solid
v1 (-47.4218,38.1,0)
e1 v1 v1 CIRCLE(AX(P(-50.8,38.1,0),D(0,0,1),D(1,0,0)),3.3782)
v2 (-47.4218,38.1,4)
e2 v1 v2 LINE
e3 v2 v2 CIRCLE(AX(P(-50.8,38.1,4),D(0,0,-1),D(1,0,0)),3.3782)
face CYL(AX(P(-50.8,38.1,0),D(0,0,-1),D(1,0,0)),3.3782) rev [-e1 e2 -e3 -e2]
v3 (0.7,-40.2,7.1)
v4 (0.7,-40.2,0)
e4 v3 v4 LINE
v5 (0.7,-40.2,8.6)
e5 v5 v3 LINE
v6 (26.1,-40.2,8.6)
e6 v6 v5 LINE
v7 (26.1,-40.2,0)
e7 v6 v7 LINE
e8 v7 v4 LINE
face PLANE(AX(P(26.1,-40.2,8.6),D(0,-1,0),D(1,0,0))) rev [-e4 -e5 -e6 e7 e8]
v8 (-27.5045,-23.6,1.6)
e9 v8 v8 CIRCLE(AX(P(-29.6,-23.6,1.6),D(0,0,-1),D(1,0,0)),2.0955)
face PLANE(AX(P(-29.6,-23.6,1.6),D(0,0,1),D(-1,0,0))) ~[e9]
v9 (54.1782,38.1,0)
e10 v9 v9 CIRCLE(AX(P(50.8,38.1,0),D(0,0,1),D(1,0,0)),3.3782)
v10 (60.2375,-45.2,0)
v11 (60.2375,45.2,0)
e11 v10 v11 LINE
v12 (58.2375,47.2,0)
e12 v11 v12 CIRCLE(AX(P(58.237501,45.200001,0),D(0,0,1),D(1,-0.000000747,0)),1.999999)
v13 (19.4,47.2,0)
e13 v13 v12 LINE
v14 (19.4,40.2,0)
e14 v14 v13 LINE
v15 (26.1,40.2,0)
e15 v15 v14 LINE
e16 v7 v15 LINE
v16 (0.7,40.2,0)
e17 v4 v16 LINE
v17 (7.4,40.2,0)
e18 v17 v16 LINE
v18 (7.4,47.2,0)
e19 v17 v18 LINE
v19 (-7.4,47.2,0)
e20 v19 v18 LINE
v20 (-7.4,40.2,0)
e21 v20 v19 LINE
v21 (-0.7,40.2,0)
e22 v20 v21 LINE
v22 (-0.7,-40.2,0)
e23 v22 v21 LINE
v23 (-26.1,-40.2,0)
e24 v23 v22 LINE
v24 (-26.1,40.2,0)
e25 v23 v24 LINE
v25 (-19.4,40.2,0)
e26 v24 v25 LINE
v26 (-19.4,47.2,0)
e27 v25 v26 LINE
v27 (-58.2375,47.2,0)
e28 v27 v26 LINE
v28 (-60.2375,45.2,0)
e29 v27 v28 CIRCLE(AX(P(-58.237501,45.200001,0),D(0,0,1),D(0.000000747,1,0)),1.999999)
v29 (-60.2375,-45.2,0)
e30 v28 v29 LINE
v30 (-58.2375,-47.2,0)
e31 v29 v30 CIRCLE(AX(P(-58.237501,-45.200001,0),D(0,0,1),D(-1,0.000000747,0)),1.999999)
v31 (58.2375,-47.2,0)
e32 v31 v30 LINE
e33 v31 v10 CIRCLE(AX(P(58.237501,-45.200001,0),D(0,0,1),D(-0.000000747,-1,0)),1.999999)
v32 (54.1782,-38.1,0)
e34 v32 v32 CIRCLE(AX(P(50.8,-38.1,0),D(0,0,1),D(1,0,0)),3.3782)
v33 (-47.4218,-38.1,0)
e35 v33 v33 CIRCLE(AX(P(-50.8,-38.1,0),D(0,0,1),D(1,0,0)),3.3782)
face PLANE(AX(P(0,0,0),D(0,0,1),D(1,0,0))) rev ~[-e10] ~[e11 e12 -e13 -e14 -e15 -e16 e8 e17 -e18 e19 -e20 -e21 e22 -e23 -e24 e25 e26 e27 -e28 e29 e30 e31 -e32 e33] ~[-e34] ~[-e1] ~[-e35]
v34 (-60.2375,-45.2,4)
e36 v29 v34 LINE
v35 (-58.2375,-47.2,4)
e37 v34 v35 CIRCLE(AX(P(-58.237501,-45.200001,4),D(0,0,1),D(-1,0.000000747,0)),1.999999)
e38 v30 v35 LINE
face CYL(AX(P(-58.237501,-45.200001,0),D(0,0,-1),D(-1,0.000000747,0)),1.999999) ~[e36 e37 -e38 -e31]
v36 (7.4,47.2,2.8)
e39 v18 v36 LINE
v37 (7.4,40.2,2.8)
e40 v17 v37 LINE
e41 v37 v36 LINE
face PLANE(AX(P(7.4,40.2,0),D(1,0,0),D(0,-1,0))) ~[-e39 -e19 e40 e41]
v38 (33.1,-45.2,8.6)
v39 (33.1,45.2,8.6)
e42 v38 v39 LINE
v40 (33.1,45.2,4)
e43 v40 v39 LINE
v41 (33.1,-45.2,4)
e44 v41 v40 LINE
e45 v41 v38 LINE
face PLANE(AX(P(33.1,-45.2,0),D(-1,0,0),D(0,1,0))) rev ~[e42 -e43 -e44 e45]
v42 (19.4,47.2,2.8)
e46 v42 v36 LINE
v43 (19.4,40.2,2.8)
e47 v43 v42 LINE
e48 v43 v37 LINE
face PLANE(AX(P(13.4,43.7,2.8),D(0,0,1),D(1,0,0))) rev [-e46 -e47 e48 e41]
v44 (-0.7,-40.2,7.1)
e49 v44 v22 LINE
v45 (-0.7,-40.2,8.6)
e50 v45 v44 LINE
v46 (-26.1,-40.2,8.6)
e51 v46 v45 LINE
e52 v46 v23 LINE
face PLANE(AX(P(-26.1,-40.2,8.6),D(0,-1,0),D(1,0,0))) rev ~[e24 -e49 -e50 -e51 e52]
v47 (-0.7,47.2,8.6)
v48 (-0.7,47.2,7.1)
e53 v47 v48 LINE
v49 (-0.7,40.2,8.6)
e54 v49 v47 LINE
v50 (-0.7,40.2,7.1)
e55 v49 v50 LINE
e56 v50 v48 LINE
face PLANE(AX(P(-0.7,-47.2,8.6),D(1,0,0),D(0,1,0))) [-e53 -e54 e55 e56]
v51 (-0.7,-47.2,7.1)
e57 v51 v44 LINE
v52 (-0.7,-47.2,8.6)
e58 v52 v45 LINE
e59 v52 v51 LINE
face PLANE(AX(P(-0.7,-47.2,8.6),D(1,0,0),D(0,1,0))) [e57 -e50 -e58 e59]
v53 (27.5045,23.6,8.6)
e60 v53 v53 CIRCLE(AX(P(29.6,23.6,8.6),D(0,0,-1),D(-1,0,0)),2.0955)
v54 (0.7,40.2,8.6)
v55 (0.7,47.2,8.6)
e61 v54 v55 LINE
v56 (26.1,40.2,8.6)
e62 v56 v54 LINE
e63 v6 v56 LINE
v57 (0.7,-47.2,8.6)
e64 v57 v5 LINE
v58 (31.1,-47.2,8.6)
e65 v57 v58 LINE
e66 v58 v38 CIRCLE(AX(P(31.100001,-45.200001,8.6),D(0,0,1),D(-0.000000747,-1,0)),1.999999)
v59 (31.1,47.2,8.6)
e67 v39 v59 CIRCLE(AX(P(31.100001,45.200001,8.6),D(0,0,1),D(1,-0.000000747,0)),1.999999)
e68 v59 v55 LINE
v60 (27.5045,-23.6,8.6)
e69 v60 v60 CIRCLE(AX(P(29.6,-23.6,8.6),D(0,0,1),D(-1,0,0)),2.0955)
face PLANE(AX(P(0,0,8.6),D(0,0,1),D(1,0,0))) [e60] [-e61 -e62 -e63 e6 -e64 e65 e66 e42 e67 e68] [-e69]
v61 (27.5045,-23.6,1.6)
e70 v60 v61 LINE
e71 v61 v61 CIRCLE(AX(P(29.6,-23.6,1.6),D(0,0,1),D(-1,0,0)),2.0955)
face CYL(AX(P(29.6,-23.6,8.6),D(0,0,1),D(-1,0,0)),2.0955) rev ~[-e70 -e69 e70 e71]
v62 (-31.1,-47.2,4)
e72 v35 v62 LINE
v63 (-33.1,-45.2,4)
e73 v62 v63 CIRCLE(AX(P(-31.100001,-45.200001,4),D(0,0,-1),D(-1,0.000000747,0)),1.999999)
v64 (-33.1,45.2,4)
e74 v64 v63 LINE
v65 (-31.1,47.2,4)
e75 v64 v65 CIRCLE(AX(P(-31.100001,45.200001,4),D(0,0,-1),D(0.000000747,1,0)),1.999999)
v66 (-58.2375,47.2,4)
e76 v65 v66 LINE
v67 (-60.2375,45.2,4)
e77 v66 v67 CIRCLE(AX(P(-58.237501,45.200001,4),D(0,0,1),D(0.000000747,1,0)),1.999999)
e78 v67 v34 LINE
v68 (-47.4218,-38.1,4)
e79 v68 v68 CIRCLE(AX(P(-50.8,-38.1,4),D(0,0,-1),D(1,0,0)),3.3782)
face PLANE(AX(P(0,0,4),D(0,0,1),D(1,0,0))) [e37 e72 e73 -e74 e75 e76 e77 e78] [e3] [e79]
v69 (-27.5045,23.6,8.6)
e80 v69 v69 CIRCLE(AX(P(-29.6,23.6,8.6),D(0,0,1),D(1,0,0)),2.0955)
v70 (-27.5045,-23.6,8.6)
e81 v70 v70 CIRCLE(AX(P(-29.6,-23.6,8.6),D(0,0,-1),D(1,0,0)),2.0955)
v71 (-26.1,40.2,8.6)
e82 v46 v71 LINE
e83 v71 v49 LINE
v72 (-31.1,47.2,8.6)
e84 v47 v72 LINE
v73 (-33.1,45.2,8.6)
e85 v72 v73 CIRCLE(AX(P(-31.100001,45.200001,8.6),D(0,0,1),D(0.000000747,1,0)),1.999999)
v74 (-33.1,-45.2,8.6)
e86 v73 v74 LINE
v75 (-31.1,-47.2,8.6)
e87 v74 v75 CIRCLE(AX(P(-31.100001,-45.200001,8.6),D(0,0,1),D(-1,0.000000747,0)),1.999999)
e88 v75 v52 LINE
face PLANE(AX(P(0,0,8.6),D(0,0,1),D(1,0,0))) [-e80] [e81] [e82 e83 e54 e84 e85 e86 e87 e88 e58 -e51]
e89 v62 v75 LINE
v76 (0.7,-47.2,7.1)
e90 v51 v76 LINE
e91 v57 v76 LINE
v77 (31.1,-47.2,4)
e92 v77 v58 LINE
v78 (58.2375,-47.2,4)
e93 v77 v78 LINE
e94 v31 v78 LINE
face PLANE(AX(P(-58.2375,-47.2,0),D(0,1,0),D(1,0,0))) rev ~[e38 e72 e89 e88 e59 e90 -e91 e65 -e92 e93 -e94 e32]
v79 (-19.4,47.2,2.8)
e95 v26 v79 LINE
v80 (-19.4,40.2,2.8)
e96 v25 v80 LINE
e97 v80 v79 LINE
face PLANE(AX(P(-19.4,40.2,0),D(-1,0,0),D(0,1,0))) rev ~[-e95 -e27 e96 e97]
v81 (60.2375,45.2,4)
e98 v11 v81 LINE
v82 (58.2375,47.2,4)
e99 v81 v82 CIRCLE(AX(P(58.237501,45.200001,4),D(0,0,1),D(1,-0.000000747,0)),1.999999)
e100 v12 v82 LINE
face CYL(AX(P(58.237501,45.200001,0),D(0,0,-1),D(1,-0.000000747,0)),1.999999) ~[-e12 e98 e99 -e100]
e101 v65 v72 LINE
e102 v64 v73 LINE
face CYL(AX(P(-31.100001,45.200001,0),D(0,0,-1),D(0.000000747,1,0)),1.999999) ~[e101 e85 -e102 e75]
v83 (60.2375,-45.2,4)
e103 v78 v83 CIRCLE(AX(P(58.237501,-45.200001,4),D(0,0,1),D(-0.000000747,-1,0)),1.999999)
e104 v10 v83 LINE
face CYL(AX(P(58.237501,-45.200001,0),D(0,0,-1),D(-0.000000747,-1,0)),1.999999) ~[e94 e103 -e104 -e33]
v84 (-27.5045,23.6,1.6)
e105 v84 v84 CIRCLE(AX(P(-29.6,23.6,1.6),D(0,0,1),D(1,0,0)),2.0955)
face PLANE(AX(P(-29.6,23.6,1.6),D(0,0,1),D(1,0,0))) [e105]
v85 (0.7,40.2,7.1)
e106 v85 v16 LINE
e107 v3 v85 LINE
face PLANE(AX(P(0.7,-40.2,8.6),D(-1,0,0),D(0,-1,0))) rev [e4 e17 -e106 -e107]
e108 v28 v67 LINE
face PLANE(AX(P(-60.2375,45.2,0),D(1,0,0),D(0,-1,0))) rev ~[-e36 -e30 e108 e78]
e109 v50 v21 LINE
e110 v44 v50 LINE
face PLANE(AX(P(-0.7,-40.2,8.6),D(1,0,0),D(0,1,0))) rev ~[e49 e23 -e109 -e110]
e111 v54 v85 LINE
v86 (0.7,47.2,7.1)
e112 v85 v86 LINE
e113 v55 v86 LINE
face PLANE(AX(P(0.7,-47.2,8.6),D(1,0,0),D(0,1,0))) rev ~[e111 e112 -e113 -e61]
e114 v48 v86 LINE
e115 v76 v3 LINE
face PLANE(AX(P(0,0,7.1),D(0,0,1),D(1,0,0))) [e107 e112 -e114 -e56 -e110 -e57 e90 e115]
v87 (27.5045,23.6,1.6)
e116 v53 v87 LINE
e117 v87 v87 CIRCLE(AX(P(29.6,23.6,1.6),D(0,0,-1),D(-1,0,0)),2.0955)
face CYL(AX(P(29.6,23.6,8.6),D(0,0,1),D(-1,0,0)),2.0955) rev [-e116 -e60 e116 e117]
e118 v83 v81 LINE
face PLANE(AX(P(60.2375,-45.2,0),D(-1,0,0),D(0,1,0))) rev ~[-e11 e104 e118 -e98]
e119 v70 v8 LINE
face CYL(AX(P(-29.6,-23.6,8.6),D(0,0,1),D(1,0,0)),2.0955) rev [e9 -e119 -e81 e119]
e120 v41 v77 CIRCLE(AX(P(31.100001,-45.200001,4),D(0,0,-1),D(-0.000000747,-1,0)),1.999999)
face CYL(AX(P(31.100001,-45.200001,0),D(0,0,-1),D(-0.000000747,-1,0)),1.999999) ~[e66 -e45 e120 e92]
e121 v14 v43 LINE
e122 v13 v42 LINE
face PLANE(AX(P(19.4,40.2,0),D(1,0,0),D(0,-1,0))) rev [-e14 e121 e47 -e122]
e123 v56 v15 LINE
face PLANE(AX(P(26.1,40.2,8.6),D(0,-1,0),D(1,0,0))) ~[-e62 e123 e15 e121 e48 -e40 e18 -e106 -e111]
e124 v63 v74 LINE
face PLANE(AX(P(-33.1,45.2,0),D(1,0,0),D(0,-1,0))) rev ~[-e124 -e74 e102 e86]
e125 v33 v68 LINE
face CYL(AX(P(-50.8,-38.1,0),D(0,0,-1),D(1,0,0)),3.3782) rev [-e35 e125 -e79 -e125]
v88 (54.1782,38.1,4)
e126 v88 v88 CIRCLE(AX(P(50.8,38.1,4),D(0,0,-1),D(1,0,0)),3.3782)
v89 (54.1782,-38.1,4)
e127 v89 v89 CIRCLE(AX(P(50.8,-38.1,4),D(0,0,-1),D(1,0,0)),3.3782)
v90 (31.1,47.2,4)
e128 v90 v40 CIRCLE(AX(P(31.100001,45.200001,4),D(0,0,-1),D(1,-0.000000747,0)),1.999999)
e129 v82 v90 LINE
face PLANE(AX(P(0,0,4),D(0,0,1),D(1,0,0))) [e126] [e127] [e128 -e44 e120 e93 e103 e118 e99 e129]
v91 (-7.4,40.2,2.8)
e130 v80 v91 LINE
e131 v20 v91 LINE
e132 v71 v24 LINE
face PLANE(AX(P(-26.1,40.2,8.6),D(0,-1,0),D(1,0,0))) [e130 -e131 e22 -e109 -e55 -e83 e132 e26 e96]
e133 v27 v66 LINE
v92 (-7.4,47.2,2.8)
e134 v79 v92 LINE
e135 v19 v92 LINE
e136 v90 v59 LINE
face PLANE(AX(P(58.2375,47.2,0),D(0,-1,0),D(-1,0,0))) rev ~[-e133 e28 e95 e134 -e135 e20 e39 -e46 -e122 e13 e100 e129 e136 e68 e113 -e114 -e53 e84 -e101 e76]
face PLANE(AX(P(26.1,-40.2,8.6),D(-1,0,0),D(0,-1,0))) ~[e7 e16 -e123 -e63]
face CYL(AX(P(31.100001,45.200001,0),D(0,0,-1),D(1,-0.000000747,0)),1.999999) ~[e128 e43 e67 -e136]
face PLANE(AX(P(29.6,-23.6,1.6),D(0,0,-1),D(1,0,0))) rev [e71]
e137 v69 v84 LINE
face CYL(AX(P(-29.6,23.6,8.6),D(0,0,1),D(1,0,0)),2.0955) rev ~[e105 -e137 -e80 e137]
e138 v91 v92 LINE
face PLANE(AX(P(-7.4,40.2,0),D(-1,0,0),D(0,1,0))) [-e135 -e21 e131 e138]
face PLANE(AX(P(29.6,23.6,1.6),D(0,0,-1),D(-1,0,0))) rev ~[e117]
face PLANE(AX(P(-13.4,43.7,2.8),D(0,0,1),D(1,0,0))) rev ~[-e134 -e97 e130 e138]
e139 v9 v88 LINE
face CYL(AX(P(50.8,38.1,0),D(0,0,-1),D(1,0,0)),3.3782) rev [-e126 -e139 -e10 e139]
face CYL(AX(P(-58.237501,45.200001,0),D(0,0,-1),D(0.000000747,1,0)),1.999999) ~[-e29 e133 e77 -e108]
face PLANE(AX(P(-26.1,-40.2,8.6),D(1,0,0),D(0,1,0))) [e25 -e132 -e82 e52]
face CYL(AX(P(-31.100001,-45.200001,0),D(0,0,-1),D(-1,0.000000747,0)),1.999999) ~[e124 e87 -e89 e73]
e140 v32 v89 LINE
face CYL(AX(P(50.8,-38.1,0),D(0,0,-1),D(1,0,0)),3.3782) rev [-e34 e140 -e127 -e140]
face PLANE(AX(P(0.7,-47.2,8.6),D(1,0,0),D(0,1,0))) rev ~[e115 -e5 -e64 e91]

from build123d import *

# Parameters (mm, degrees)
PAD_DEPTH                     = 8.6
PAD001_DEPTH                  = 4
SKETCH002_W                   = 1.4
SKETCH002_H                   = 94.4
POCKET001_DEPTH               = 1.5
SKETCH003_W                   = 25.4
SKETCH003_H                   = 80.4
POCKET_DEPTH                  = 8.6
SKETCH009_R                   = 3.3782
POCKET008_DEPTH               = 8.601
SKETCH008_R                   = 2.0955
POCKET005_DEPTH               = 7
SKETCH008_MIRRORED004_2_R     = 2.0955
POCKET005_MIRRORED004_2_DEPTH = 7
SKETCH010_W                   = 12
SKETCH010_H                   = 7
POCKET007_DEPTH               = 2.8


with BuildPart() as part:
    # Sketch → Pad (new body)
    with BuildSketch(Plane.XY):
        with BuildLine():
            Line((-33.1, 45.2), (-33.1, -45.2))
            ThreePointArc((-33.1, -45.2), (-32.514214, -46.614214), (-31.1, -47.2))
            Line((-31.1, -47.2), (31.1, -47.2))
            ThreePointArc((31.1, -47.2), (32.514214, -46.614214), (33.1, -45.2))
            Line((33.1, -45.2), (33.1, 45.2))
            ThreePointArc((33.1, 45.2), (32.514214, 46.614214), (31.1, 47.2))
            Line((31.1, 47.2), (-31.1, 47.2))
            ThreePointArc((-31.1, 47.2), (-32.514214, 46.614214), (-33.1, 45.2))
        make_face()
    extrude(amount=PAD_DEPTH)

    # Sketch007 → Pad001 (join)
    with BuildSketch(Plane.XY):
        with BuildLine():
            Line((-60.2375, 45.2), (-60.2375, -45.2))
            ThreePointArc((-60.2375, -45.2), (-59.651714, -46.614214), (-58.2375, -47.2))
            Line((-58.2375, -47.2), (58.2375, -47.2))
            ThreePointArc((58.2375, -47.2), (59.651714, -46.614214), (60.2375, -45.2))
            Line((60.2375, -45.2), (60.2375, 45.2))
            ThreePointArc((60.2375, 45.2), (59.651714, 46.614214), (58.2375, 47.2))
            Line((58.2375, 47.2), (-58.2375, 47.2))
            ThreePointArc((-58.2375, 47.2), (-59.651714, 46.614214), (-60.2375, 45.2))
        make_face()
    extrude(amount=PAD001_DEPTH)

    # Sketch002 (on DatumPlane) → Pocket001 (cut)
    with BuildSketch(Plane.XY.offset(8.6)):
        Rectangle(SKETCH002_W, SKETCH002_H)
    extrude(amount=-POCKET001_DEPTH, mode=Mode.SUBTRACT)

    # Sketch003 (on DatumPlane) → Pocket (cut)
    with BuildSketch(Plane.XY.offset(8.6)):
        with Locations((-13.4, 0)):
            Rectangle(SKETCH003_W, SKETCH003_H)
    pocket = extrude(amount=-POCKET_DEPTH, mode=Mode.SUBTRACT)

    # Mirrored: Pocket across Sketch003 V_Axis
    add(pocket.mirror(Plane(origin=(0, 0, 8.6), x_dir=(0, 0, 1), z_dir=(1, 0, 0))), mode=Mode.SUBTRACT)

    # Sketch009 → Pocket008 (cut, through all)
    with BuildSketch(Plane.XY):
        with Locations((-50.8, 38.1)):
            Circle(SKETCH009_R)
        with Locations((50.8, 38.1)):
            Circle(SKETCH009_R)
        with Locations((-50.8, -38.1)):
            Circle(SKETCH009_R)
        with Locations((50.8, -38.1)):
            Circle(SKETCH009_R)
    extrude(amount=POCKET008_DEPTH, mode=Mode.SUBTRACT)

    # Sketch008 (on DatumPlane) → Pocket005 (cut)
    with BuildSketch(Plane.XY.offset(8.6)):
        with Locations((-29.6, 23.6)):
            Circle(SKETCH008_R)
    pocket005 = extrude(amount=-POCKET005_DEPTH, mode=Mode.SUBTRACT)

    # Sketch008 Mirrored004 2 → Pocket005 Mirrored004 2 (cut)
    with BuildSketch(Plane(origin=(0, 0, 8.6), x_dir=(-1, 0, 0), z_dir=(0, 0, -1))):
        with Locations((-29.6, 23.6)):
            Circle(SKETCH008_MIRRORED004_2_R)
    pocket005_mirrored004_2 = extrude(amount=POCKET005_MIRRORED004_2_DEPTH, mode=Mode.SUBTRACT)

    # Mirrored005: Pocket005, Pocket005 Mirrored004 2 across XZ
    add(pocket005.mirror(Plane.XZ), mode=Mode.SUBTRACT)
    add(pocket005_mirrored004_2.mirror(Plane.XZ), mode=Mode.SUBTRACT)

    # Sketch010 → Pocket007 (cut)
    with BuildSketch(Plane.XY):
        with Locations((-13.4, 43.7)):
            Rectangle(SKETCH010_W, SKETCH010_H)
    pocket007 = extrude(amount=POCKET007_DEPTH, mode=Mode.SUBTRACT)

    # Mirrored006: Pocket007 across Sketch010 V_Axis
    add(pocket007.mirror(Plane(origin=(0, 0, 0), x_dir=(0, 0, 1), z_dir=(1, 0, 0))), mode=Mode.SUBTRACT)


solid = part.part
